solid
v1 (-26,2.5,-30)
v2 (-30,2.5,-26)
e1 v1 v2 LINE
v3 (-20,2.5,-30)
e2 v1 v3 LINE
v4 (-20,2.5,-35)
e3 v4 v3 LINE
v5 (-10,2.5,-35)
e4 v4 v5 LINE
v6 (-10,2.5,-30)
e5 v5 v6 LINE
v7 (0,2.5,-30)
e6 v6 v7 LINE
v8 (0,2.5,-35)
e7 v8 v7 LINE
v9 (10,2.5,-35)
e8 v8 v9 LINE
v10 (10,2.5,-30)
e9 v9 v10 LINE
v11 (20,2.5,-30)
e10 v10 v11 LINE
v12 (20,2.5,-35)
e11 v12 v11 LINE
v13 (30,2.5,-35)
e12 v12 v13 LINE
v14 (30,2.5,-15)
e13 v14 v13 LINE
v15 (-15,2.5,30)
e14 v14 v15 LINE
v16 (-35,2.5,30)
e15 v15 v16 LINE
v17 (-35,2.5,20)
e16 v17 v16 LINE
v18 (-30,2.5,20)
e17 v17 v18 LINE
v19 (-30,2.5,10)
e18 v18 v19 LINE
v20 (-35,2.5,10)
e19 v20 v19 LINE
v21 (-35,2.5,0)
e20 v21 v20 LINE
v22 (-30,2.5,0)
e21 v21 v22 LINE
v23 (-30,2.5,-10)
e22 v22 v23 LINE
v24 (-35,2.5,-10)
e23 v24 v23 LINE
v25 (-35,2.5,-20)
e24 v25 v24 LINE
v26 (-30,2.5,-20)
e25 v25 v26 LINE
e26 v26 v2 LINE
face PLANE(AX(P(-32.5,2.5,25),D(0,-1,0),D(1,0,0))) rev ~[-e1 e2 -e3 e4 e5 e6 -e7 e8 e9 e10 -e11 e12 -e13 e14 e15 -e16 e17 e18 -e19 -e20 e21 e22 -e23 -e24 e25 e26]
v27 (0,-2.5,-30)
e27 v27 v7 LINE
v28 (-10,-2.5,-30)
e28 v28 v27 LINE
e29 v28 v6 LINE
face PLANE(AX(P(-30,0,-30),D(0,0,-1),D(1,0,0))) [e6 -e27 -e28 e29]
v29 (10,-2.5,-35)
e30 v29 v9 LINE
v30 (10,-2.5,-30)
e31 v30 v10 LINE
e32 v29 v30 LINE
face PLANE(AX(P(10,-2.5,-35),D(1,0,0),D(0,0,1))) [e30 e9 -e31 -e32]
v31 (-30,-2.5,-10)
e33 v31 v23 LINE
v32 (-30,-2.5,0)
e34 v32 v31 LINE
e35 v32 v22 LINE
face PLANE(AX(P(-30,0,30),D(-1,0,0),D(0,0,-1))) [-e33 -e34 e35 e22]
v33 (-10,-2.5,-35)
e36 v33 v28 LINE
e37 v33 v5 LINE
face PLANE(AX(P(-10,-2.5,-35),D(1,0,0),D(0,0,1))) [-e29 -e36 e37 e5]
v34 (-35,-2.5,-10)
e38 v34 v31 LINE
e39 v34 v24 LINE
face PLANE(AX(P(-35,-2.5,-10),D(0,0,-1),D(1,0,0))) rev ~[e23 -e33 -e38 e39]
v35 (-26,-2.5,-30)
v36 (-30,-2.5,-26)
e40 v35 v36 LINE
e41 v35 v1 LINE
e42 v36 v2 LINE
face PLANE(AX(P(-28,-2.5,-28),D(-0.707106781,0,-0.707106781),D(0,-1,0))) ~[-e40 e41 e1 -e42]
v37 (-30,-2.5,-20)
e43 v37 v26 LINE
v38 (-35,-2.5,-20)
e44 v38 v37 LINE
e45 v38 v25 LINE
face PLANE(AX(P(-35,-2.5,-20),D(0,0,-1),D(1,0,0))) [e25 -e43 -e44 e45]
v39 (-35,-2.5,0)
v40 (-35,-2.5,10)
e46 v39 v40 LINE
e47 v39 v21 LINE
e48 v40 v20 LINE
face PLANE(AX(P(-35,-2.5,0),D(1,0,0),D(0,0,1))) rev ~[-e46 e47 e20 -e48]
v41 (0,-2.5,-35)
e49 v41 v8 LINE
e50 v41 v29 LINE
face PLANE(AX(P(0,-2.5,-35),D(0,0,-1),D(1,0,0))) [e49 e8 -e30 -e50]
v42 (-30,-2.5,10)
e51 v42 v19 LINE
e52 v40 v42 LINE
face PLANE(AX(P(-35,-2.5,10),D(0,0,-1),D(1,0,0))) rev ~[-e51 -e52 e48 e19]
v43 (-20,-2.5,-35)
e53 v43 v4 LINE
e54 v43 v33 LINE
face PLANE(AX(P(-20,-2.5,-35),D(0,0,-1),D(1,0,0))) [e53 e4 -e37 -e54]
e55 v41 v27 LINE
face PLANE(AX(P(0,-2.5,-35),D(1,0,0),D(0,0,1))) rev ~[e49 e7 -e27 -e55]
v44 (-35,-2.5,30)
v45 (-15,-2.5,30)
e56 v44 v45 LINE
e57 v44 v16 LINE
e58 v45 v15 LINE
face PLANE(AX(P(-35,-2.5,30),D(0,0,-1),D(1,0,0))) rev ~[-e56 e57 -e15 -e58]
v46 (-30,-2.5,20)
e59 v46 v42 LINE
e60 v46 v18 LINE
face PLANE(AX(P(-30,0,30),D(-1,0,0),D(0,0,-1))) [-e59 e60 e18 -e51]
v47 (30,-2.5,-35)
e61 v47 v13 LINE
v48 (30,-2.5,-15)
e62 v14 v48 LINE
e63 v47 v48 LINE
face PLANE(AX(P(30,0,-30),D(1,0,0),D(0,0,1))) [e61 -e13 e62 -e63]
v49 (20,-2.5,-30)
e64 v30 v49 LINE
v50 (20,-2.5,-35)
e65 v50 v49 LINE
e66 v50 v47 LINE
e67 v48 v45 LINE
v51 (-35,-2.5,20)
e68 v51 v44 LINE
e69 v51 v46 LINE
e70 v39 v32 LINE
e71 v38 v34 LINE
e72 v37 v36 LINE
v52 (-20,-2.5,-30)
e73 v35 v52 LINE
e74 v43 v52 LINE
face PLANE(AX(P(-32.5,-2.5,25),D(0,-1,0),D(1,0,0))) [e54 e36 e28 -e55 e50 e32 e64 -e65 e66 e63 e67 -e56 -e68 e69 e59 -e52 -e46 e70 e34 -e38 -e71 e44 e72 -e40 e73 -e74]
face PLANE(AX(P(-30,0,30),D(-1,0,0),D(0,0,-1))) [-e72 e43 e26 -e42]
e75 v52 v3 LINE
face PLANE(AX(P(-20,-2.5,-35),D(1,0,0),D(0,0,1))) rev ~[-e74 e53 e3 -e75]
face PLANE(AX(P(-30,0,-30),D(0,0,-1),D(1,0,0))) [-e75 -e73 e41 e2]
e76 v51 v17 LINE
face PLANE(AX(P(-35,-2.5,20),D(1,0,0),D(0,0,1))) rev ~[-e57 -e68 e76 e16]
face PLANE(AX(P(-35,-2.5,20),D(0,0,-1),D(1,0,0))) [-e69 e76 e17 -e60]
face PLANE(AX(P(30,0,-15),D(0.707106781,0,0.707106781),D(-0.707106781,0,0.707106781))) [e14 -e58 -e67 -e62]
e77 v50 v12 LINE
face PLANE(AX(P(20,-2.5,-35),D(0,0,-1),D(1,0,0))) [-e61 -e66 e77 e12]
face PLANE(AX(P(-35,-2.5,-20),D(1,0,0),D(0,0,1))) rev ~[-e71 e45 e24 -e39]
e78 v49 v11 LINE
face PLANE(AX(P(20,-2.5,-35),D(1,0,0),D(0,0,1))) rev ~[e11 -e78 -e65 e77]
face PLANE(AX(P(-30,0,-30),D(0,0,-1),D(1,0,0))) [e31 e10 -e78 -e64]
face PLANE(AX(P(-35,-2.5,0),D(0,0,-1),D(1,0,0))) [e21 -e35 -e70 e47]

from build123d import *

# Parameters (mm, degrees)
F1_DEPTH = 2.5
F2_W     = 5
F2_H     = 10
F2_W_2   = 10
F2_H_2   = 5
F3_DEPTH = 5
F4_SIZE  = 4


with BuildPart() as f1:
    # F0 (on Front) → F1 (new body, symmetric)
    with BuildSketch(Plane.XZ):
        Polygon((-30, -30), (30, -30), (30, -15), (-15, 30), (-30, 30), align=None)
    extrude(amount=F1_DEPTH, both=True)

    # F2 (on face) → F3 (join, through all)
    with BuildSketch(Plane.XZ.offset(2.5)):
        with Locations((-32.5, 25)):
            Rectangle(F2_W, F2_H)
        with Locations((-32.5, 5)):
            Rectangle(F2_W, F2_H)
        with Locations((-32.5, -15)):
            Rectangle(F2_W, F2_H)
        with Locations((25, -32.5)):
            Rectangle(F2_W_2, F2_H_2)
        with Locations((5, -32.5)):
            Rectangle(F2_W_2, F2_H_2)
        with Locations((-15, -32.5)):
            Rectangle(F2_W_2, F2_H_2)
    extrude(amount=-F3_DEPTH)

    # F4
    f4_edges = [f1.edges().sort_by_distance(p)[0] for p in [
        (-30, 0, -30),
    ]]
    chamfer(f4_edges, length=F4_SIZE)


solid = f1.part
